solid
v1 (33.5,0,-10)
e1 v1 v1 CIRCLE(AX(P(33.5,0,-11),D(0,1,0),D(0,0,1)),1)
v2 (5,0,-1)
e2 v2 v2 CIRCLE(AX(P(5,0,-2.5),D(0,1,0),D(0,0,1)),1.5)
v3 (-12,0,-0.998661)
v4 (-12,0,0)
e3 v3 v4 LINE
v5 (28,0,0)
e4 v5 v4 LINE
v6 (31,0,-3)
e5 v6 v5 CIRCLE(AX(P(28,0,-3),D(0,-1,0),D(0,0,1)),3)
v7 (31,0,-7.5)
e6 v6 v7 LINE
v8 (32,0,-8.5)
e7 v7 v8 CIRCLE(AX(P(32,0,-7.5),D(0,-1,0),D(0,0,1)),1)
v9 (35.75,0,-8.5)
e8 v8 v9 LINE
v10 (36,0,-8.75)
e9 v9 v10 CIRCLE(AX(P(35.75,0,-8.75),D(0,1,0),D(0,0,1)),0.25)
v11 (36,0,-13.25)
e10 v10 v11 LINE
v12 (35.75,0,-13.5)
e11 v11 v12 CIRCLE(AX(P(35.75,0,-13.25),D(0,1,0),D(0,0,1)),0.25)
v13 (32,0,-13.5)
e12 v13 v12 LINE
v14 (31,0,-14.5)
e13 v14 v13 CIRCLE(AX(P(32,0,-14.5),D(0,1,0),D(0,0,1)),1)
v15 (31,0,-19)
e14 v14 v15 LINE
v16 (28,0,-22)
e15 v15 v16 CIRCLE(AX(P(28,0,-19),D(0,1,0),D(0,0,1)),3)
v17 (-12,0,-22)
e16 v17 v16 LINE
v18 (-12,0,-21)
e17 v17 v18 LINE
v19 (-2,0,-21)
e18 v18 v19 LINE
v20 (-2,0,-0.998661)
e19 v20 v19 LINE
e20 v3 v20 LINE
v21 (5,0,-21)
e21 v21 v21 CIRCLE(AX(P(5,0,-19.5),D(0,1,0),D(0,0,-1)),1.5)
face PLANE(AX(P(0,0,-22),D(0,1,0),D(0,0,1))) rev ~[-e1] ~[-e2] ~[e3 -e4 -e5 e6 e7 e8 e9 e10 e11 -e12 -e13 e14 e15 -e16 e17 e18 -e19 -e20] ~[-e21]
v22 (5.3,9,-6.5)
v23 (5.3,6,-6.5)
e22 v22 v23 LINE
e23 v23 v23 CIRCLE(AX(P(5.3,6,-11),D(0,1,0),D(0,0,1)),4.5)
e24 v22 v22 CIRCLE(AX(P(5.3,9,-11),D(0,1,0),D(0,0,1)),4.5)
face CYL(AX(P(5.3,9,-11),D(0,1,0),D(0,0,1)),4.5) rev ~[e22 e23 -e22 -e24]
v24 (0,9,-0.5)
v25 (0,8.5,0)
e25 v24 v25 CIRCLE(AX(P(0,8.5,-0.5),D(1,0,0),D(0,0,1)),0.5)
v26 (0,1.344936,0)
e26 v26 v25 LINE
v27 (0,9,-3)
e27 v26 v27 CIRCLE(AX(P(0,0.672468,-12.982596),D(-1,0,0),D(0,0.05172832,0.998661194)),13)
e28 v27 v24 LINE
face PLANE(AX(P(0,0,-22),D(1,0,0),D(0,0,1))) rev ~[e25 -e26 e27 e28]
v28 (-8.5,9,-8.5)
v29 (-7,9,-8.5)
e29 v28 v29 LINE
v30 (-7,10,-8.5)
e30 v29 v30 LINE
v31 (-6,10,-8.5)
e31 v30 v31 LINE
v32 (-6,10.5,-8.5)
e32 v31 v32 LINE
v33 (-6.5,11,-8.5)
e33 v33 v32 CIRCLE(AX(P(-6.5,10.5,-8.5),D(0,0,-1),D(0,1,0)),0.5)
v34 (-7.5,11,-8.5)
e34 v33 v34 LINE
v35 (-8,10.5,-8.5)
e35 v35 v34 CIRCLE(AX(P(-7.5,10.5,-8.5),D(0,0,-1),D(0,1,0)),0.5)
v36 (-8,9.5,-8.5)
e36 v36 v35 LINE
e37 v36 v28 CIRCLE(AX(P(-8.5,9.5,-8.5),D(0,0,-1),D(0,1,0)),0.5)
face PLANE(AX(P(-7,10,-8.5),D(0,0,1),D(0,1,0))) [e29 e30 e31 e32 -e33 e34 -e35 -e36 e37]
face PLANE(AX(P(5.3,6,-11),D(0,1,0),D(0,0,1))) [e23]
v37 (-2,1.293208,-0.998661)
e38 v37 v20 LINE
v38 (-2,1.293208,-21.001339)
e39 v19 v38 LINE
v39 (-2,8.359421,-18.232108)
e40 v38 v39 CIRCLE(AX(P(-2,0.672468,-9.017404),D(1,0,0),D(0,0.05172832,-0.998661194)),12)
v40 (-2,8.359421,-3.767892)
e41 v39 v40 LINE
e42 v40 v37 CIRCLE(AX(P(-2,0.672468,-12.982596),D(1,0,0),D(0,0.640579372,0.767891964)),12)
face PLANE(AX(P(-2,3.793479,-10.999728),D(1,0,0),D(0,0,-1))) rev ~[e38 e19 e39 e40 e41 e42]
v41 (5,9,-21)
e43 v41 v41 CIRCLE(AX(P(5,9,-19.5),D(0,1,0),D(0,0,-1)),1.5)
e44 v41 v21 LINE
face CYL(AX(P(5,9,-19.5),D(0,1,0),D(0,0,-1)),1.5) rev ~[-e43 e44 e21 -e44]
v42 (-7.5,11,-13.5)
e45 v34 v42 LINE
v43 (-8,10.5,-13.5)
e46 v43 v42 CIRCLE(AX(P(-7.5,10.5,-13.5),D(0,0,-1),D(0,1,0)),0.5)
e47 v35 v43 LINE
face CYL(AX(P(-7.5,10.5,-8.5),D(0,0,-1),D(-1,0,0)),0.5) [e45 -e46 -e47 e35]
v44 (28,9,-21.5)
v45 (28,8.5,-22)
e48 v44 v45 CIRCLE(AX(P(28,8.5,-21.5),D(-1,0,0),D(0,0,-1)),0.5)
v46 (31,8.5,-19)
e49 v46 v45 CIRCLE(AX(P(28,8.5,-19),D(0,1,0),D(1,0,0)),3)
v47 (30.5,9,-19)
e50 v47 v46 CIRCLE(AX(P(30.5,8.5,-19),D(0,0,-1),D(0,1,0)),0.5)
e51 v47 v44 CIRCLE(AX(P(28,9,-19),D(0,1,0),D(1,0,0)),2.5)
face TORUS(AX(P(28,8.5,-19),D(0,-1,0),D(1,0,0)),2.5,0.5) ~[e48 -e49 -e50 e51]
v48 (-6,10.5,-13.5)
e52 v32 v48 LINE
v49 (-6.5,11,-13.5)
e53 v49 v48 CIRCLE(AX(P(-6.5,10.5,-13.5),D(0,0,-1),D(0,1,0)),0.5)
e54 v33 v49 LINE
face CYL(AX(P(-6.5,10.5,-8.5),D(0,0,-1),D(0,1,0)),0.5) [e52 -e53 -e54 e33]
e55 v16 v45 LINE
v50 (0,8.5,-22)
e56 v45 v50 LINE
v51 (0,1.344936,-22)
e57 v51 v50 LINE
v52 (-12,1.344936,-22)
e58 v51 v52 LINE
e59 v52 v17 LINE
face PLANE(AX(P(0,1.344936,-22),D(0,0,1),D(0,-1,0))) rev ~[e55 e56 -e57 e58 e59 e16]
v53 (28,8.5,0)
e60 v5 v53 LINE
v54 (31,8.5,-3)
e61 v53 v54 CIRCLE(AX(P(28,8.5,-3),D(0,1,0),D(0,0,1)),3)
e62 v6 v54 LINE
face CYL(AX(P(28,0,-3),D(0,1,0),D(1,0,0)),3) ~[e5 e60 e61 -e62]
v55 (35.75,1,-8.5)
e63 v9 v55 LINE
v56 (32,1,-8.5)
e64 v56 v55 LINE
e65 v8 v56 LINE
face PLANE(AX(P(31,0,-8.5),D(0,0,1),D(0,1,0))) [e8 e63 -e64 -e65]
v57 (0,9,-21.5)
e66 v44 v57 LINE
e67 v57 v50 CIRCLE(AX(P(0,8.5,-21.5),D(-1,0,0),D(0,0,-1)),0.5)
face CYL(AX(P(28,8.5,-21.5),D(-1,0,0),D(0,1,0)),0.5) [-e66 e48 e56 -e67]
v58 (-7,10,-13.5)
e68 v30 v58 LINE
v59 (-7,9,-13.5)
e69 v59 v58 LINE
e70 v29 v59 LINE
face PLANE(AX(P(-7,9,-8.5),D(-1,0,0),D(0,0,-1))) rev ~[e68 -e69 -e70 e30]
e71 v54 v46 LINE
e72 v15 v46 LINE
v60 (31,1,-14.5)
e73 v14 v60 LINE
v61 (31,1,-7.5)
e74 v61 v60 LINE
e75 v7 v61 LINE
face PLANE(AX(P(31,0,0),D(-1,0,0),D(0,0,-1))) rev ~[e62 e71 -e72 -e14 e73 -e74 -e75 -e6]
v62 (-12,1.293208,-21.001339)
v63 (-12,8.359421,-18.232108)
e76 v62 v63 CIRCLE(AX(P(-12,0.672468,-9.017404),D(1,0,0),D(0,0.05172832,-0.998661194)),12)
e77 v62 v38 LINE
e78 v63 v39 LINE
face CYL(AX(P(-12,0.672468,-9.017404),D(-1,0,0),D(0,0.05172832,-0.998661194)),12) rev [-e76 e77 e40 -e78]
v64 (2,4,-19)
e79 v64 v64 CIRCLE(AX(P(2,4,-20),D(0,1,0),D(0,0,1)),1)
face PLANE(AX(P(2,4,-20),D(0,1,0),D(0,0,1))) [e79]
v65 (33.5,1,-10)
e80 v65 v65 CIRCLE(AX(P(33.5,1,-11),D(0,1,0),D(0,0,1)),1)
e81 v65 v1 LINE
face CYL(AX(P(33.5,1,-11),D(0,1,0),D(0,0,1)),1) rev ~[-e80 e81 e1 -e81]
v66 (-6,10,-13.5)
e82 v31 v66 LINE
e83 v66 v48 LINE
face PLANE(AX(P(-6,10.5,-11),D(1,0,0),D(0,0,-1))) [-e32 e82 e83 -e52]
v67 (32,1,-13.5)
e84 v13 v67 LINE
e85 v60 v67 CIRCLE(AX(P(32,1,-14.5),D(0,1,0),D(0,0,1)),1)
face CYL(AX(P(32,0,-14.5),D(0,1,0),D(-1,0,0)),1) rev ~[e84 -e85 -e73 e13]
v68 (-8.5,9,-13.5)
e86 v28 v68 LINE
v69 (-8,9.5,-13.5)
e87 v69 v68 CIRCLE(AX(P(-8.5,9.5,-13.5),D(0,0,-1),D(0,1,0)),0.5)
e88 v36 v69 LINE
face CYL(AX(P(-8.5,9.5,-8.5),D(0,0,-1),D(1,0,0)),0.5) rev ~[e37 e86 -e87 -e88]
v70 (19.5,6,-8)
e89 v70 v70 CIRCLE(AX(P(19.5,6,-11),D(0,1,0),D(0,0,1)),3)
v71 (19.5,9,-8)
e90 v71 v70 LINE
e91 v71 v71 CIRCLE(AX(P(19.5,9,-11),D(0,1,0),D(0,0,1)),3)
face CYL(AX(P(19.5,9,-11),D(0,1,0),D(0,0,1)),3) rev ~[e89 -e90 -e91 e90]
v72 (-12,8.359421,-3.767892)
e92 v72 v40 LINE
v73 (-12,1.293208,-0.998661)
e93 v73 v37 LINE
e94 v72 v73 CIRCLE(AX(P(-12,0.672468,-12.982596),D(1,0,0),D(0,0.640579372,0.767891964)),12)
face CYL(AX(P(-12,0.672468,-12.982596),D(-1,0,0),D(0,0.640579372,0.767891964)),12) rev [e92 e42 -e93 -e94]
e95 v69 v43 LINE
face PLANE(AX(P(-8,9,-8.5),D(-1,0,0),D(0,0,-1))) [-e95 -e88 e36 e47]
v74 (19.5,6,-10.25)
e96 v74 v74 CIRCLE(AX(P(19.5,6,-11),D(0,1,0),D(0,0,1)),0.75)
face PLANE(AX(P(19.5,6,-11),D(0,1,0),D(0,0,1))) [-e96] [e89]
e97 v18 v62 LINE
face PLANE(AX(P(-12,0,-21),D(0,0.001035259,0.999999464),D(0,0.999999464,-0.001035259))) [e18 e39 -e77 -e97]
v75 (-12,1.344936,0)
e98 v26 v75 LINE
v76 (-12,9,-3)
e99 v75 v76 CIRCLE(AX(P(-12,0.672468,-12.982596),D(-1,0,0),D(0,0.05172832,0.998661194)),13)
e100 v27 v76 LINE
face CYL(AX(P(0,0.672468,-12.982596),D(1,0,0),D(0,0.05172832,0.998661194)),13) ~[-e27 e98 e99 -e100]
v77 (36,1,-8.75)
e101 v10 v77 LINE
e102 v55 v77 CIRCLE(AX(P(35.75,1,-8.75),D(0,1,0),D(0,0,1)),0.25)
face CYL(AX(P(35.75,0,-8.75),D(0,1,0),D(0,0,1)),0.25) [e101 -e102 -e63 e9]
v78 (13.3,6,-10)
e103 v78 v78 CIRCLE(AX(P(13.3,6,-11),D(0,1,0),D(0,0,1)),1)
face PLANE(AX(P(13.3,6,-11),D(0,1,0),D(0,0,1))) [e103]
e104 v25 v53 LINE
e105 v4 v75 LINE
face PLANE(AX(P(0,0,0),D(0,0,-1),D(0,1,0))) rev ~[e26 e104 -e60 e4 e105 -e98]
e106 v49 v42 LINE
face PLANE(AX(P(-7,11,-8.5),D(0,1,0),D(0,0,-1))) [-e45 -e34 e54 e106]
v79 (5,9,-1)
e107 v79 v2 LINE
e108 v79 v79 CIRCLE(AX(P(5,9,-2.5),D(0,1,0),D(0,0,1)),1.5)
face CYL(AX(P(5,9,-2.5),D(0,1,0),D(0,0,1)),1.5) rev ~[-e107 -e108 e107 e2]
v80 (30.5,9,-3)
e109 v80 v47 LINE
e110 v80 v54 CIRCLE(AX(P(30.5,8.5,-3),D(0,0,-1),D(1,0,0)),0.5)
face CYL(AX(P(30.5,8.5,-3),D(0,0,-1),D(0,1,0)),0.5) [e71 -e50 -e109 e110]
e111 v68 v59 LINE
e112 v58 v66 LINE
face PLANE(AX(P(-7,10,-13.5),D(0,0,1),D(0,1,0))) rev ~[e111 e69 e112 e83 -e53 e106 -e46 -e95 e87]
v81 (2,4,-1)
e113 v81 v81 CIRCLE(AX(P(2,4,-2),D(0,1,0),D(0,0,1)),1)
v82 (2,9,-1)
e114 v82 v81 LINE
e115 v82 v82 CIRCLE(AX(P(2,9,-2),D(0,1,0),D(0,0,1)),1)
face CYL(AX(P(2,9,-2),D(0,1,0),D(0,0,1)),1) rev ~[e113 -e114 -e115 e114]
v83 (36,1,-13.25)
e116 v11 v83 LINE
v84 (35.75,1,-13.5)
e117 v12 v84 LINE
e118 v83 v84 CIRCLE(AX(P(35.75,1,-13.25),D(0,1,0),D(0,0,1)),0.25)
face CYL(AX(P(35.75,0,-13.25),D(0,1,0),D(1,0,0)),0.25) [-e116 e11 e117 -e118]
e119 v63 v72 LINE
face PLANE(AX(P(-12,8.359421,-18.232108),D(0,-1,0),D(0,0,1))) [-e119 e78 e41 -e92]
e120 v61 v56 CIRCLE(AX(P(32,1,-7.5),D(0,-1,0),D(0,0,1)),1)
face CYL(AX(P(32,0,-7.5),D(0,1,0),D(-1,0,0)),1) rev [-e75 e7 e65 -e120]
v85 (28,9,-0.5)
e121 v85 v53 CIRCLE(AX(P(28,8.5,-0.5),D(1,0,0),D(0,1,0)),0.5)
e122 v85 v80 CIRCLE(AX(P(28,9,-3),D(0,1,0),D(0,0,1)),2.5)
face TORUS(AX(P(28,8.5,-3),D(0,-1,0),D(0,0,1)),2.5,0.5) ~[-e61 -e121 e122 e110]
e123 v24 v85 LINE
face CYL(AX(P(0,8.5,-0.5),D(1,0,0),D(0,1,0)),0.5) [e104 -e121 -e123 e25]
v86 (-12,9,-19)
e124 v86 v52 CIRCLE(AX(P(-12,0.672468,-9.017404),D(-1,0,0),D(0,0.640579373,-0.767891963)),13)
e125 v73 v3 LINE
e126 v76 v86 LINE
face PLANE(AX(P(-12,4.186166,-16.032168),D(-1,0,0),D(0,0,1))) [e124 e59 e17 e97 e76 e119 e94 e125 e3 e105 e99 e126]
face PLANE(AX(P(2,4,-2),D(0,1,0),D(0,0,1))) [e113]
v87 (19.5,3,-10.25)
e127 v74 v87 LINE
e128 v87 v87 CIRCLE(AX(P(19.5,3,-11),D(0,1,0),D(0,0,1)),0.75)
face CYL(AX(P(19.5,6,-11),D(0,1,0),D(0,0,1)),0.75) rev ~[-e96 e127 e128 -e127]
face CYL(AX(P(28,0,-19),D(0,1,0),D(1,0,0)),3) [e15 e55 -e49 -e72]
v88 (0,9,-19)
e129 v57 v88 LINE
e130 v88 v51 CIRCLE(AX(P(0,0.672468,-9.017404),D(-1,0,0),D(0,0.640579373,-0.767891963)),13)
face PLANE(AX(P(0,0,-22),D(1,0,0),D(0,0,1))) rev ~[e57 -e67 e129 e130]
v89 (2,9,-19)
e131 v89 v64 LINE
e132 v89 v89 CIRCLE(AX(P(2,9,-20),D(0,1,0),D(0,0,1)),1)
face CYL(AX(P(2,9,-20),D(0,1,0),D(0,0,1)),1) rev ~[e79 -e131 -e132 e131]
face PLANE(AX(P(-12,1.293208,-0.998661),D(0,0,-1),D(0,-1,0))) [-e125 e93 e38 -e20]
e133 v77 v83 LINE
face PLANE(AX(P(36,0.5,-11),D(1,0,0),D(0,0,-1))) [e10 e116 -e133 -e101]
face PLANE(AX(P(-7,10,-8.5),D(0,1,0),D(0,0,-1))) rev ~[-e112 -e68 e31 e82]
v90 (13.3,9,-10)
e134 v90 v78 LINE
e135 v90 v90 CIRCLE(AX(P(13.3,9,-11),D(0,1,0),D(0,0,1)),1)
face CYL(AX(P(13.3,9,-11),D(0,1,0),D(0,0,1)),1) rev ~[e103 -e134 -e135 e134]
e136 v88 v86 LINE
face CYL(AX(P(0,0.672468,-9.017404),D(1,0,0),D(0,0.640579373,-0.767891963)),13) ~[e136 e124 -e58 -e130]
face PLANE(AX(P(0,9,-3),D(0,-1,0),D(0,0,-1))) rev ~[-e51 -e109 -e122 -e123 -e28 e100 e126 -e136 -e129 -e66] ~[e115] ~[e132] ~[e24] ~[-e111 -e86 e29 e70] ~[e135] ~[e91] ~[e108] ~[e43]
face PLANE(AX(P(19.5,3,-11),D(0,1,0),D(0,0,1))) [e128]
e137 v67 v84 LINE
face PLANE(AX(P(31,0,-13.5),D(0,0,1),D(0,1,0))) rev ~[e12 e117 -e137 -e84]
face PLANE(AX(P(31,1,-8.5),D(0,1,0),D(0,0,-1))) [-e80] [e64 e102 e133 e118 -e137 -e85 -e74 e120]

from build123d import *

# Parameters (mm, degrees)
BOSS_EXTRUDE2_DEPTH = 9
SKETCH4_W           = 5
SKETCH4_H           = 1
BOSS_EXTRUDE3_DEPTH = 5
SKETCH5_R           = 1
CUT_EXTRUDE1_DEPTH  = 5
FILLET1_R           = 1
FILLET2_R           = 1
FILLET3_R           = 3
FILLET4_R           = 3
BOSS_EXTRUDE4_DEPTH = 12
FILLET5_R           = 0.5
FILLET6_R           = 0.25
SKETCH8_R           = 3
CUT_EXTRUDE3_DEPTH  = 3
SKETCH9_R           = 0.75
CUT_EXTRUDE4_DEPTH  = 3
SKETCH10_R          = 1.5
CUT_EXTRUDE7_DEPTH  = 44.13930922
SKETCH12_R          = 1
CUT_EXTRUDE8_DEPTH  = 5
SKETCH13_W          = 1
SKETCH13_H          = 5
BOSS_EXTRUDE5_DEPTH = 2
SKETCH14_W          = 5
SKETCH14_H          = 1
BOSS_EXTRUDE6_DEPTH = 1
FILLET7_R           = 0.5
FILLET8_R           = 0.5
FILLET9_R           = 0.5
CUT_EXTRUDE9_DEPTH  = 10
SKETCH17_R          = 4.5
SKETCH17_R_2        = 1
CUT_EXTRUDE10_DEPTH = 3


with BuildPart() as part:
    # Sketch2 → Boss-Extrude2 (new body)
    with BuildSketch(Plane(origin=(0, 0, 0), x_dir=(1, 0, 0), z_dir=(0, 1, 0))):
        Polygon((0, 11), (31, 11), (31, 13.5), (31, 22), (0, 22), align=None)
        Polygon((31, 8.5), (31, 11), (0, 11), (0, 0), (31, 0), align=None)
    extrude(amount=BOSS_EXTRUDE2_DEPTH)

    # Sketch4 → Boss-Extrude3 (add)
    with BuildSketch(Plane(origin=(31, 0, 0), x_dir=(0, 0, -1), z_dir=(1, 0, 0))):
        with Locations((11, 0.5)):
            Rectangle(SKETCH4_W, SKETCH4_H)
    extrude(amount=BOSS_EXTRUDE3_DEPTH)

    # Sketch5 → Cut-Extrude1 (cut)
    with BuildSketch(Plane(origin=(0, 1, 0), x_dir=(1, 0, 0), z_dir=(0, 1, 0))):
        with Locations(Location((33.5, 11, 0), (0, 0, 270))):
            Circle(SKETCH5_R)
    extrude(amount=-CUT_EXTRUDE1_DEPTH, mode=Mode.SUBTRACT)

    # Fillet1
    fillet1_edges = [part.edges().sort_by_distance(p)[0] for p in [
        (31, 0.5, -8.5),
    ]]
    fillet(fillet1_edges, radius=FILLET1_R)

    # Fillet2
    fillet2_edges = [part.edges().sort_by_distance(p)[0] for p in [
        (31, 0.5, -13.5),
    ]]
    fillet(fillet2_edges, radius=FILLET2_R)

    # Fillet3
    fillet3_edges = [part.edges().sort_by_distance(p)[0] for p in [
        (31, 4.5, 0),
    ]]
    fillet(fillet3_edges, radius=FILLET3_R)

    # Fillet4
    fillet4_edges = [part.edges().sort_by_distance(p)[0] for p in [
        (31, 4.5, -22),
    ]]
    fillet(fillet4_edges, radius=FILLET4_R)

    # Sketch6 → Boss-Extrude4 (add)
    with BuildSketch(Plane.ZY):
        with BuildLine():
            Line((-22, 0), (-11, 0))
            Line((-11, 0), (-11, 9))
            Line((-11, 9), (-19, 9))
            ThreePointArc((-19, 9), (-21.121122912, 5.415884648), (-22, 1.344936316))
            Line((-22, 1.344936316), (-22, 0))
        make_face()
        with BuildLine():
            Line((-11, 9), (-11, 0))
            Line((-11, 0), (0, 0))
            Line((0, 0), (0, 1.344936316))
            ThreePointArc((0, 1.344936316), (-0.878877088, 5.415884648), (-3, 9))
            Line((-3, 9), (-11, 9))
        make_face()
    extrude(amount=BOSS_EXTRUDE4_DEPTH)

    # Fillet5
    fillet5_edges = [part.edges().sort_by_distance(p)[0] for p in [
        (14, 9, -22),
        (30.121320344, 9, -21.121320344),
        (31, 9, -11),
        (30.121320344, 9, -0.878679656),
        (14, 9, 0),
    ]]
    fillet(fillet5_edges, radius=FILLET5_R)

    # Fillet6
    fillet6_edges = [part.edges().sort_by_distance(p)[0] for p in [
        (36, 0.5, -13.5),
        (36, 0.5, -8.5),
    ]]
    fillet(fillet6_edges, radius=FILLET6_R)

    # Sketch8 → Cut-Extrude3 (cut)
    with BuildSketch(Plane(origin=(0, 9, 0), x_dir=(1, 0, 0), z_dir=(0, 1, 0))):
        with Locations(Location((19.5, 11, 0), (0, 0, 270))):
            Circle(SKETCH8_R)
    extrude(amount=-CUT_EXTRUDE3_DEPTH, mode=Mode.SUBTRACT)

    # Sketch9 → Cut-Extrude4 (cut)
    with BuildSketch(Plane(origin=(0, 6, 0), x_dir=(1, 0, 0), z_dir=(0, 1, 0))):
        with Locations(Location((19.5, 11, 0), (0, 0, 270))):
            Circle(SKETCH9_R)
    extrude(amount=-CUT_EXTRUDE4_DEPTH, mode=Mode.SUBTRACT)

    # Sketch10 → Cut-Extrude7 (cut, through all)
    with BuildSketch(Plane(origin=(0, 9, 0), x_dir=(1, 0, 0), z_dir=(0, 1, 0))):
        with Locations(Location((5, 19.5, 0), (0, 0, 90))):
            Circle(SKETCH10_R)
        with Locations(Location((5, 2.5, 0), (0, 0, 270))):
            Circle(SKETCH10_R)
    extrude(amount=-CUT_EXTRUDE7_DEPTH, mode=Mode.SUBTRACT)

    # Sketch12 → Cut-Extrude8 (cut)
    with BuildSketch(Plane(origin=(0, 9, 0), x_dir=(1, 0, 0), z_dir=(0, 1, 0))):
        with Locations(Location((2, 2, 0), (0, 0, 270))):
            Circle(SKETCH12_R)
        with Locations(Location((2, 20, 0), (0, 0, 270))):
            Circle(SKETCH12_R)
    extrude(amount=-CUT_EXTRUDE8_DEPTH, mode=Mode.SUBTRACT)

    # Sketch13 → Boss-Extrude5 (add)
    with BuildSketch(Plane(origin=(0, 9, 0), x_dir=(1, 0, 0), z_dir=(0, 1, 0))):
        with Locations((-7.5, 11)):
            Rectangle(SKETCH13_W, SKETCH13_H)
    extrude(amount=BOSS_EXTRUDE5_DEPTH)

    # Sketch14 → Boss-Extrude6 (add)
    with BuildSketch(Plane(origin=(-7, 0, 0), x_dir=(0, 0, -1), z_dir=(1, 0, 0))):
        with Locations((11, 10.5)):
            Rectangle(SKETCH14_W, SKETCH14_H)
    extrude(amount=BOSS_EXTRUDE6_DEPTH)

    # Fillet7
    fillet7_edges = [part.edges().sort_by_distance(p)[0] for p in [
        (-8, 11, -11),
    ]]
    fillet(fillet7_edges, radius=FILLET7_R)

    # Fillet8
    fillet8_edges = [part.edges().sort_by_distance(p)[0] for p in [
        (-8, 9, -11),
    ]]
    fillet(fillet8_edges, radius=FILLET8_R)

    # Fillet9
    fillet9_edges = [part.edges().sort_by_distance(p)[0] for p in [
        (-6, 11, -11),
    ]]
    fillet(fillet9_edges, radius=FILLET9_R)

    # Sketch16 → Cut-Extrude9 (cut)
    with BuildSketch(Plane.ZY.offset(12)):
        with BuildLine():
            Line((-18.232108037, 8.359420628), (-3.767891963, 8.359420628))
            ThreePointArc((-3.767891963, 8.359420628), (-1.809932353, 5.051006457), (-0.998661194, 1.293207997))
            Line((-0.998661194, 1.293207997), (-0.998661194, 0))
            Line((-0.998661194, 0), (-21, 0))
            Line((-21, 0), (-21.001338806, 1.293207997))
            ThreePointArc((-21.001338806, 1.293207997), (-20.190067647, 5.051006457), (-18.232108037, 8.359420628))
        make_face()
    extrude(amount=-CUT_EXTRUDE9_DEPTH, mode=Mode.SUBTRACT)

    # Sketch17 → Cut-Extrude10 (cut)
    with BuildSketch(Plane(origin=(0, 9, 0), x_dir=(1, 0, 0), z_dir=(0, 1, 0))):
        with Locations(Location((5.3, 11, 0), (0, 0, 270))):
            Circle(SKETCH17_R)
        with Locations(Location((13.3, 11, 0), (0, 0, 270))):
            Circle(SKETCH17_R_2)
    extrude(amount=-CUT_EXTRUDE10_DEPTH, mode=Mode.SUBTRACT)


solid = part.part
